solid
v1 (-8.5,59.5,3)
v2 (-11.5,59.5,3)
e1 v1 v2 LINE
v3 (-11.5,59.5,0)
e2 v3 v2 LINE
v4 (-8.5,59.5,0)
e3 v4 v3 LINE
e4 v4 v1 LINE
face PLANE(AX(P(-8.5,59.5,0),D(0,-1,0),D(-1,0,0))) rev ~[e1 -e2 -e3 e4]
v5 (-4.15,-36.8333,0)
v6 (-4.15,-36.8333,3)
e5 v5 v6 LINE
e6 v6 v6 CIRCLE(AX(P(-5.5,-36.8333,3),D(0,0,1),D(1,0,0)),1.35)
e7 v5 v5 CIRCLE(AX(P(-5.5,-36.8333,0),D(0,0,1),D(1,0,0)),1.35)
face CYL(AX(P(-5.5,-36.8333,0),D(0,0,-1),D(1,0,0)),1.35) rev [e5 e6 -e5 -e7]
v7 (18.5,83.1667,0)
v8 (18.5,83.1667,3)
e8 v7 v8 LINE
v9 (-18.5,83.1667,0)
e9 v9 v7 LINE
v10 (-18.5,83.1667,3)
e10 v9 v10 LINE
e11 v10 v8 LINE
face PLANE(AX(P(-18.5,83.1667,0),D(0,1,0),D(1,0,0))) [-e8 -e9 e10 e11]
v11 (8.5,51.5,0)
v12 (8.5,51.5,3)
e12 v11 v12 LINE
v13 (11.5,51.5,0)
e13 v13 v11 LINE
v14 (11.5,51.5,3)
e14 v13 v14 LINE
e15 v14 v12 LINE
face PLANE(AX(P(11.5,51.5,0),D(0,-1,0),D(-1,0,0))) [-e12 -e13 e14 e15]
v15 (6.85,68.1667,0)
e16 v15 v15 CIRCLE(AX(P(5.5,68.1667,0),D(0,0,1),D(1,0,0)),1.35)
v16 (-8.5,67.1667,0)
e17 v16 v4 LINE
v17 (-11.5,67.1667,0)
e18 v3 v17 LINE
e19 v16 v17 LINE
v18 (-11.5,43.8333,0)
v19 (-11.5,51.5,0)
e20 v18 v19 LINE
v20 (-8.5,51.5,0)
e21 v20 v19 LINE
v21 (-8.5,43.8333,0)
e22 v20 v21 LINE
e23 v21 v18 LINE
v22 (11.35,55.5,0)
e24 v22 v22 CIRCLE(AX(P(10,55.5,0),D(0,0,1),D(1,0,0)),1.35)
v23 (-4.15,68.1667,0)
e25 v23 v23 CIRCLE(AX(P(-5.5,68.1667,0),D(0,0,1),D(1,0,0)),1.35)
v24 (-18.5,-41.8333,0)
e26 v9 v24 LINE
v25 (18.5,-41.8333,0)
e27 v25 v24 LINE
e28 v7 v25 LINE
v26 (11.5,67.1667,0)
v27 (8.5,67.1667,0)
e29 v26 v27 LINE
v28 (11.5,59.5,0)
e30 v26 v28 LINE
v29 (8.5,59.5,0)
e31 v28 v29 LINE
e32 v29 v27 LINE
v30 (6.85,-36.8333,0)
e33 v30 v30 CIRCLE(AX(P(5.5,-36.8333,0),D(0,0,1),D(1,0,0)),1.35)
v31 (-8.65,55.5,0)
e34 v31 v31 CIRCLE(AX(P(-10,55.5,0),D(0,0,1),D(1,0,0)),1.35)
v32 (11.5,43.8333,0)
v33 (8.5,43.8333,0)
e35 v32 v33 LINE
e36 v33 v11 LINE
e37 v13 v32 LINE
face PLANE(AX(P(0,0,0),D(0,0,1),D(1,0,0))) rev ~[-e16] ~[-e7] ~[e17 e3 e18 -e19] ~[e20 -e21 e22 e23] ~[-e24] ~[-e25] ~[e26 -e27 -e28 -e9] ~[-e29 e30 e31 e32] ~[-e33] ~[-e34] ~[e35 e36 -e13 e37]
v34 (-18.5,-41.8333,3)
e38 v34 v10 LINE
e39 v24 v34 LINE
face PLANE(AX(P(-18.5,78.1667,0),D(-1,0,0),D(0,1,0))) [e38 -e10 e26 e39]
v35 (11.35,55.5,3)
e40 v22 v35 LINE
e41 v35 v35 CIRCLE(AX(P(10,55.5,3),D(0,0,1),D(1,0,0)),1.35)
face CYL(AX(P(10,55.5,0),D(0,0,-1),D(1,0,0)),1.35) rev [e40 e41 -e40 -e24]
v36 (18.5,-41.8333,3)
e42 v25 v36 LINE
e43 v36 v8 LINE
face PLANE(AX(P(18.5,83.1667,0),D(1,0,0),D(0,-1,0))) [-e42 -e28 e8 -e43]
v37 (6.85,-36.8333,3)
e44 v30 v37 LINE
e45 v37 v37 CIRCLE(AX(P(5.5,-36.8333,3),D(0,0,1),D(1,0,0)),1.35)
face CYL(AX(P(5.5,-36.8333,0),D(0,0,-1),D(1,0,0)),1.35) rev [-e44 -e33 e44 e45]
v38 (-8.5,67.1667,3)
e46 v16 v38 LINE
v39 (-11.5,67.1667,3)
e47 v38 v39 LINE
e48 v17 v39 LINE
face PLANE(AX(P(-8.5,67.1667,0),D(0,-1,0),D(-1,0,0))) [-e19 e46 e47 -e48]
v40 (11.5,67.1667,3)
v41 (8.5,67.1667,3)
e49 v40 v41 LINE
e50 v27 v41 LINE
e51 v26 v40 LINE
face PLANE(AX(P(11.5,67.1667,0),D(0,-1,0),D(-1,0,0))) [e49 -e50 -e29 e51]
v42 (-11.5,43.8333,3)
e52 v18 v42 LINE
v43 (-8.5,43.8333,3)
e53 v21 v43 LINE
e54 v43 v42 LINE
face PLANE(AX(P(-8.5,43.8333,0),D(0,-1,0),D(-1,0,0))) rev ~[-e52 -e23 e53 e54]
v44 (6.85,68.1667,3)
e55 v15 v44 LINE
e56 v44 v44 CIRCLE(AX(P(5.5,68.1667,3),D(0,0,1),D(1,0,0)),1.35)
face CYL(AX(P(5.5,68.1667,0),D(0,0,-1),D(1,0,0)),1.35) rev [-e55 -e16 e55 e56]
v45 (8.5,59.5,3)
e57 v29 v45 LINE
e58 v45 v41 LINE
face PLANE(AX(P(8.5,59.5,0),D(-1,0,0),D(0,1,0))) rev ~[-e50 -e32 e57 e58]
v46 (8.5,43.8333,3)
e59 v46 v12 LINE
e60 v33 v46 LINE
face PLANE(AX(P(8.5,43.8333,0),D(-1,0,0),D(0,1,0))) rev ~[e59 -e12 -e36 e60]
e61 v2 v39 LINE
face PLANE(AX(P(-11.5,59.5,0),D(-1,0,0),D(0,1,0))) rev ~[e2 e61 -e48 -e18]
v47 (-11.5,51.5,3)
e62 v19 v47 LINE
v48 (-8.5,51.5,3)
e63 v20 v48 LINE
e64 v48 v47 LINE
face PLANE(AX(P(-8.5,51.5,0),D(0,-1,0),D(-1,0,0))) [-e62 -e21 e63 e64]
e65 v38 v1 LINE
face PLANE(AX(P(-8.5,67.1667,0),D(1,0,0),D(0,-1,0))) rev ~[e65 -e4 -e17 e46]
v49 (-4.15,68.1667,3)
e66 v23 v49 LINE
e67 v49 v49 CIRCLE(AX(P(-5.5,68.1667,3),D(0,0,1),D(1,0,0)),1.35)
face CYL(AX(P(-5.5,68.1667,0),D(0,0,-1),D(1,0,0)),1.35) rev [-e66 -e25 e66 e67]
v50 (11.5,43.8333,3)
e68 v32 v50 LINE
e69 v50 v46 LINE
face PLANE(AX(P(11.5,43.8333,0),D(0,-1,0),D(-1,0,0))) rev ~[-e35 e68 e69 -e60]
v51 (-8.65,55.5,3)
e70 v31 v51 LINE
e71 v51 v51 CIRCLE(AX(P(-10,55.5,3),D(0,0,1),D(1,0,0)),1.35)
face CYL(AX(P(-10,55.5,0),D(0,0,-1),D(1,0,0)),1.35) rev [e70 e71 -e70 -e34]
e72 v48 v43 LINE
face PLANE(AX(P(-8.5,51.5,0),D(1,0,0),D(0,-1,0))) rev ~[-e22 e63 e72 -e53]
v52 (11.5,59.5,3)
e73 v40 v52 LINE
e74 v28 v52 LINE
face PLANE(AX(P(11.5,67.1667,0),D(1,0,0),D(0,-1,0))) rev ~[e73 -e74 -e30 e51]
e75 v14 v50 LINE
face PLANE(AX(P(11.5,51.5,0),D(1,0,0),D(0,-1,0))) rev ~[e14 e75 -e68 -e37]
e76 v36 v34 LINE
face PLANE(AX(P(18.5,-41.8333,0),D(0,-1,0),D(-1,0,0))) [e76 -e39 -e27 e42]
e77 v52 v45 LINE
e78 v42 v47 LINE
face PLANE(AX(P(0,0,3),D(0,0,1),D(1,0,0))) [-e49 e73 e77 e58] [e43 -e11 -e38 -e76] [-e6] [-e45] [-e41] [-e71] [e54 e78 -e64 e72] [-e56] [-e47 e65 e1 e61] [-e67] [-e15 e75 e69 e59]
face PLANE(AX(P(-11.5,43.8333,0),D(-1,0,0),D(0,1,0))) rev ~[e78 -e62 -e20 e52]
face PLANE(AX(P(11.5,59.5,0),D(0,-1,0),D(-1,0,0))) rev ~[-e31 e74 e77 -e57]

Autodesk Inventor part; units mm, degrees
ref_plane "YZ Plane" through (0, 0, 0) normal (1, 0, 0) x (0, 1, 0)
ref_plane "XZ Plane" through (0, 0, 0) normal (0, 1, 0) x (-1, 0, 0)
ref_plane "XY Plane" through (0, 0, 0) normal (0, 0, 1) x (1, 0, 0)
sketch "Sketch1" plane through (0, 0, 0) normal (0, 0, 1) x (1, 0, 0)
  line L0 (-18.5, 78.1667) -> (18.5, 78.1667)
  line L1 (18.5, 78.1667) -> (18.5, -41.8333)
  line L2 (-18.5, -41.8333) -> (-18.5, 78.1667)
  line L3 (-18.5, 78.1667) -> (18.5, -41.8333) construction
  line L4 (18.5, 78.1667) -> (-18.5, -41.8333) construction
  line L5 (0, -66.8333) -> (0, 108.1667) construction
  line L6 (5.5, 68.1667) -> (-5.5, 68.1667) construction
  line L7 (-5.5, 68.1667) -> (-5.5, -36.8333) construction
  line L8 (-5.5, -36.8333) -> (5.5, -36.8333) construction
  line L9 (5.5, -36.8333) -> (5.5, 68.1667) construction
  circle A0 centre (-5.5, 68.1667) radius 1.35
  circle A1 centre (5.5, 68.1667) radius 1.35
  circle A2 centre (-5.5, -36.8333) radius 1.35
  circle A3 centre (5.5, -36.8333) radius 1.35
  line L10 (18.5, 78.1667) -> (-18.5, 78.1667)
  line L11 (-18.5, 78.1667) -> (-18.5, 83.1667)
  line L12 (-18.5, 83.1667) -> (18.5, 83.1667)
  line L13 (18.5, 83.1667) -> (18.5, 78.1667)
  line L14 (-11.5, 59.5) -> (-8.5, 51.5) construction
  line L15 (-11.5, 51.5) -> (-8.5, 59.5) construction
  line L16 (11.5, 51.5) -> (8.5, 59.5) construction
  line L17 (8.5, 51.5) -> (11.5, 59.5) construction
  circle A4 centre (-10, 55.5) radius 1.35
  circle A5 centre (10, 55.5) radius 1.35
  line L18 (-8.5, 67.1667) -> (-8.5, 59.5) projected
  line L19 (-8.5, 67.1667) -> (-11.5, 67.1667) projected
  line L20 (-11.5, 59.5) -> (-11.5, 67.1667) projected
  line L21 (-8.5, 59.5) -> (-11.5, 59.5) projected
  line L22 (11.5, 51.5) -> (11.5, 43.8333) projected
  line L23 (11.5, 51.5) -> (8.5, 51.5) projected
  line L24 (8.5, 43.8333) -> (8.5, 51.5) projected
  line L25 (11.5, 43.8333) -> (8.5, 43.8333) projected
  line L26 (11.5, 67.1667) -> (11.5, 59.5) projected
  line L27 (11.5, 67.1667) -> (8.5, 67.1667) projected
  line L28 (8.5, 59.5) -> (8.5, 67.1667) projected
  line L29 (11.5, 59.5) -> (8.5, 59.5) projected
  line L30 (-8.5, 51.5) -> (-8.5, 43.8333) projected
  line L31 (-8.5, 51.5) -> (-11.5, 51.5) projected
  line L32 (-11.5, 43.8333) -> (-11.5, 51.5) projected
  line L33 (-8.5, 43.8333) -> (-11.5, 43.8333) projected
  line L34 (18.5, -41.8333) -> (-18.5, -41.8333)
  point P0 (0, 0)
  point P1 (0, 18.1667)
  point P2 (0, 18.1667)
  dimension "d1" = 37
  dimension "d4" = 11
  dimension "d6" = 2.7
  dimension "d7" = 2.7
  dimension "d8" = 2.7
  dimension "d9" = 2.7
  dimension "d11" = 2.7
  dimension "d12" = 2.7
  dimension "d14" = 13
  dimension "d15" = 1
  dimension "d18" = 120
extrude "Extrusion1" add sketch "Sketch1" along normal blind 3
properties part number "bed-axis"
